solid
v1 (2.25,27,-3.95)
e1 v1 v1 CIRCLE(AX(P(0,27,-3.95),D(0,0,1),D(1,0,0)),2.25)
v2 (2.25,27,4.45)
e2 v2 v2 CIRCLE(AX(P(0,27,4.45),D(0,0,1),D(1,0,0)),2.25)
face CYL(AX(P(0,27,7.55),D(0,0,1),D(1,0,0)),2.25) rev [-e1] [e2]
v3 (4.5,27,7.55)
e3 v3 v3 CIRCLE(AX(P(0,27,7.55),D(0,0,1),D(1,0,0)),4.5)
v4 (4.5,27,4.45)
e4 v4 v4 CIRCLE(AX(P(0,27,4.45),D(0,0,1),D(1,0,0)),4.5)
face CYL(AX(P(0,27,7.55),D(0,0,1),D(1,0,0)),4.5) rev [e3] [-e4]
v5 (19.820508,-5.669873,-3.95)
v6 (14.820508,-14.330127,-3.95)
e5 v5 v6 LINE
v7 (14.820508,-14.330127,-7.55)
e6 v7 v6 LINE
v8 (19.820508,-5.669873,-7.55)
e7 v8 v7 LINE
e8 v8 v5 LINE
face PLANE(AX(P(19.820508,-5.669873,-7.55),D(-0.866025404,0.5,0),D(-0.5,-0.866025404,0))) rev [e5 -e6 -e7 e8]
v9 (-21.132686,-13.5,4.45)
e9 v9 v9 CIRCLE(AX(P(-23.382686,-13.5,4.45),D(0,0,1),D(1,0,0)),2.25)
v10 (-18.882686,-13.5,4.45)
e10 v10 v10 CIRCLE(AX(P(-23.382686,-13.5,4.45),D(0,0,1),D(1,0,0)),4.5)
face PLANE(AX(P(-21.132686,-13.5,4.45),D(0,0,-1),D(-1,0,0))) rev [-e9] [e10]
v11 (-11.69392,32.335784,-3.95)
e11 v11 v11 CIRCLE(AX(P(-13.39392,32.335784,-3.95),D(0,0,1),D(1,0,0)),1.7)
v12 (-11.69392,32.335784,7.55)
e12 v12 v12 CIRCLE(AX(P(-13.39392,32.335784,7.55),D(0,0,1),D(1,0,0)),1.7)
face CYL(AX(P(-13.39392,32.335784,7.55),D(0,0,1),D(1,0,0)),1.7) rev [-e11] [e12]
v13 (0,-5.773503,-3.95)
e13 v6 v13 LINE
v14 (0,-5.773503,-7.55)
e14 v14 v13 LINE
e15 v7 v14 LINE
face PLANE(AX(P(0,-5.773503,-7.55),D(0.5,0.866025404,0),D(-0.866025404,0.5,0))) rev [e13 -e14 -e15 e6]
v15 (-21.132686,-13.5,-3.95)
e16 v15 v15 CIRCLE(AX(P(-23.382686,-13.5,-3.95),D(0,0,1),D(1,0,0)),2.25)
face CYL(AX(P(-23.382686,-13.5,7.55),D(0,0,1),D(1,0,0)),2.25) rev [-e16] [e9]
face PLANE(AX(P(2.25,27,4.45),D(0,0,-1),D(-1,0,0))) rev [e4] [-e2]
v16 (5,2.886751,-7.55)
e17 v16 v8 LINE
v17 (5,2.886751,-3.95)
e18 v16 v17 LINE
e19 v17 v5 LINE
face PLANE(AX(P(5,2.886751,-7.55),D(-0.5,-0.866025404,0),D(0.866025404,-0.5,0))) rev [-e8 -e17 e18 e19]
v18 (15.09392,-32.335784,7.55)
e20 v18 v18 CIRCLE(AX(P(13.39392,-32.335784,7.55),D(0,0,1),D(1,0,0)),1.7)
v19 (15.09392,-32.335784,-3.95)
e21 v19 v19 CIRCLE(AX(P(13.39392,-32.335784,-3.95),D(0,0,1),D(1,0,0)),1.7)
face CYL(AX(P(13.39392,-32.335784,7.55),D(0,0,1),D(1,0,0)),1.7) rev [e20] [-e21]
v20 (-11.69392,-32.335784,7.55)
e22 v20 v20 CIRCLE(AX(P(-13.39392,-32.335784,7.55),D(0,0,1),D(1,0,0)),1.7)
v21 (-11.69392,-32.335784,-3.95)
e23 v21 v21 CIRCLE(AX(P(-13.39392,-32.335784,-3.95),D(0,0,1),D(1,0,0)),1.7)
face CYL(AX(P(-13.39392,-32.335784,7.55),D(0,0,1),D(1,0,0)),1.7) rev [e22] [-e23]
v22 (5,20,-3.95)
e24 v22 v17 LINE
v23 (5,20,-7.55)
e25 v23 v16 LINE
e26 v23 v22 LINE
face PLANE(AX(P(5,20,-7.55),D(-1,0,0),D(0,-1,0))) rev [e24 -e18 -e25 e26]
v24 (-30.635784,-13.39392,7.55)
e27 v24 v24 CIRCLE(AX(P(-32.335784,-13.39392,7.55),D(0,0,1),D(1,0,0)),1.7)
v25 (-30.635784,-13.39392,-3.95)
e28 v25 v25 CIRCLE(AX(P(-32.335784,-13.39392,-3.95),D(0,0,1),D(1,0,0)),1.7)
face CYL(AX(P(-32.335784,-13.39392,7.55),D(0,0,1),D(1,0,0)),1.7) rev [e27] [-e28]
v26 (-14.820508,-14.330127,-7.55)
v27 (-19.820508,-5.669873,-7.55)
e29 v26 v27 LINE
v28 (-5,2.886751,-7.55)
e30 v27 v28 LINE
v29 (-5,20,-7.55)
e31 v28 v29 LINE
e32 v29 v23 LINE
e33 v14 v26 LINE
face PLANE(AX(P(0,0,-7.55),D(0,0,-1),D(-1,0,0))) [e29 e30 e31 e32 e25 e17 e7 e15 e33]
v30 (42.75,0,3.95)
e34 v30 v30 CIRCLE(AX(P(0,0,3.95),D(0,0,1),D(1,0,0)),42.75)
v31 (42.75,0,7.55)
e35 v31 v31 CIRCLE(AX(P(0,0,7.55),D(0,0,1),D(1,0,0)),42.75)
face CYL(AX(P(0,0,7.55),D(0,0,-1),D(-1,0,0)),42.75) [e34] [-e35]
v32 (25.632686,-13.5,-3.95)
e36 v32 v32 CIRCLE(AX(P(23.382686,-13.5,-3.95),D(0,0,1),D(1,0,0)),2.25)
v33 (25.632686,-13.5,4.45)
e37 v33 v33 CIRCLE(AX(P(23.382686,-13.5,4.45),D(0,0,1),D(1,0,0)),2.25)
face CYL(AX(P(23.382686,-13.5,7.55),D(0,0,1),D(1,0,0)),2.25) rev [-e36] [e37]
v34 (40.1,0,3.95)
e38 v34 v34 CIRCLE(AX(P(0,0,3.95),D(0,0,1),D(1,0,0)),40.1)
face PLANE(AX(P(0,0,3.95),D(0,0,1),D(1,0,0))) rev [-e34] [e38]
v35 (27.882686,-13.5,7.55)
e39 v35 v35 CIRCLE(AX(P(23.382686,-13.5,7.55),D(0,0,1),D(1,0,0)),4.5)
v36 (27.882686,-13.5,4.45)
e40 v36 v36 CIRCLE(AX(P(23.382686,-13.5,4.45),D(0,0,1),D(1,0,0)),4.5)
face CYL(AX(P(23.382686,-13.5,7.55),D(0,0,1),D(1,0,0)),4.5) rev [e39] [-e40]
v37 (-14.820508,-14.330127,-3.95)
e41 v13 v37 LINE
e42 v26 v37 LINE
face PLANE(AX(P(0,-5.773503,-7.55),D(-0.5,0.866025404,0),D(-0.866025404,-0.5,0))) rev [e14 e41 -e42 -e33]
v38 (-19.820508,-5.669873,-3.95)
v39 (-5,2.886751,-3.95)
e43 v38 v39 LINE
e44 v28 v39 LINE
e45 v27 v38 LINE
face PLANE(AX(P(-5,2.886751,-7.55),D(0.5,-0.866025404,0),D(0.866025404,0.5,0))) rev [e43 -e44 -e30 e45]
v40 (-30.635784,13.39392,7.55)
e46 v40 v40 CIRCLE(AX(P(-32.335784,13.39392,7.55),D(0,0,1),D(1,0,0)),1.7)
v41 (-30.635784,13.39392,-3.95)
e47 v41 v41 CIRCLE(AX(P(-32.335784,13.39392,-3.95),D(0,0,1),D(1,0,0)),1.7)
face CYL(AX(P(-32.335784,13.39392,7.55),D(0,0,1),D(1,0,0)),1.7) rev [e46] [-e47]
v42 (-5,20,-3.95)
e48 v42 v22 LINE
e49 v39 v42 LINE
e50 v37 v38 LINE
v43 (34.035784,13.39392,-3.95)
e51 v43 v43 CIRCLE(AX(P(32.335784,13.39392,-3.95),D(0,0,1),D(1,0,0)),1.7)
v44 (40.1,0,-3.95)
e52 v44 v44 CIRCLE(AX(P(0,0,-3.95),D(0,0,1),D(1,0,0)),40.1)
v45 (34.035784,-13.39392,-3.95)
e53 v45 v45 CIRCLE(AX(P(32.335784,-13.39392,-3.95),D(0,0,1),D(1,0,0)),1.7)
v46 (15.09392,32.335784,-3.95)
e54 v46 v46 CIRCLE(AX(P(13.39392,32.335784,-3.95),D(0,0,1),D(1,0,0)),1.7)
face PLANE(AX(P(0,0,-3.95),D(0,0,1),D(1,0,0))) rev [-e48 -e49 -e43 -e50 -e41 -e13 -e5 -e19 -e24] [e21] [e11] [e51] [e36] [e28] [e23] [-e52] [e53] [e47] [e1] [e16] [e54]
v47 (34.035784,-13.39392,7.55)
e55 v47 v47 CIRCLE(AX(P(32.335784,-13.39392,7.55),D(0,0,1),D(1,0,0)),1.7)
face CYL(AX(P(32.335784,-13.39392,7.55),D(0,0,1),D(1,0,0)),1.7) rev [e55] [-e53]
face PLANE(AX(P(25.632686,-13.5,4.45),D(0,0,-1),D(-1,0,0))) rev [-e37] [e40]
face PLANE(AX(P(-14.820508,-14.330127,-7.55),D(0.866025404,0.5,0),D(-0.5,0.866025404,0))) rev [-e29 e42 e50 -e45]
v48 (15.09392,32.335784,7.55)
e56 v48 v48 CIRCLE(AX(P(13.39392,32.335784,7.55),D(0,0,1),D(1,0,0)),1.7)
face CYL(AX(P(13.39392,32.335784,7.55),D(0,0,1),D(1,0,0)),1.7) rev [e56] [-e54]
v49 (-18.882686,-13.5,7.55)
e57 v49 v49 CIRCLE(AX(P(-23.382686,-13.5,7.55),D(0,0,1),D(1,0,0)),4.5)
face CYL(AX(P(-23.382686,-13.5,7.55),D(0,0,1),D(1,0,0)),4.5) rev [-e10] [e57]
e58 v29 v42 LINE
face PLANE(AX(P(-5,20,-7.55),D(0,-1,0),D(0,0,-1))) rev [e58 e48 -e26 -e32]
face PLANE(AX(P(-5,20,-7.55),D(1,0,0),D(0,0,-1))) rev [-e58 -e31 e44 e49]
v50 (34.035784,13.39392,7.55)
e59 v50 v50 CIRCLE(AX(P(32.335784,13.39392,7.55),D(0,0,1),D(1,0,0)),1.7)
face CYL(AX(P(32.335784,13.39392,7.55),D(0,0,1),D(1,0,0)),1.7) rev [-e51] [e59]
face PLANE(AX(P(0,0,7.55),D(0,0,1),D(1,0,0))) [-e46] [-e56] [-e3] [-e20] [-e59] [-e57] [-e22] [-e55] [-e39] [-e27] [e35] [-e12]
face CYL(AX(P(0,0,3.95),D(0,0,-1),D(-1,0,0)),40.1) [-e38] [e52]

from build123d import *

# Parameters (mm, degrees)
CROQUIS1_R                                           = 40.1
SALIENTE_EXTRUIR1_DEPTH                              = 3.95
CROQUIS2_R                                           = 42.75
SALIENTE_EXTRUIR2_DEPTH                              = 3.6
REFRENTADO_PARA_TORNILLO_CON_CABEZA_TRON_D           = 4.5
REFRENTADO_PARA_TORNILLO_CON_CABEZA_TRON_CBORE_D     = 9
REFRENTADO_PARA_TORNILLO_CON_CABEZA_TRON_CBORE_DEPTH = 3.1
SALIENTE_EXTRUIR3_DEPTH                              = 3.6
TALADRO_DE_MARGEN_PARA_M32_D                         = 3.4


with BuildPart() as part:
    # Croquis1 → Saliente-Extruir1 (new, symmetric)
    with BuildSketch(Plane.XY):
        Circle(CROQUIS1_R)
    extrude(amount=SALIENTE_EXTRUIR1_DEPTH, both=True)

    # Croquis2 → Saliente-Extruir2 (add)
    with BuildSketch(Plane.XY.offset(3.95)):
        Circle(CROQUIS2_R)
    extrude(amount=SALIENTE_EXTRUIR2_DEPTH)

    # Refrentado para tornillo con cabeza troncocónica de M41 (through all)
    with Locations(Plane.XY.offset(7.55)):
        with Locations((0, 27), (23.382685902, -13.5), (-23.382685902, -13.5)):
            CounterBoreHole(REFRENTADO_PARA_TORNILLO_CON_CABEZA_TRON_D / 2, REFRENTADO_PARA_TORNILLO_CON_CABEZA_TRON_CBORE_D / 2, REFRENTADO_PARA_TORNILLO_CON_CABEZA_TRON_CBORE_DEPTH)

    # Croquis6 → Saliente-Extruir3 (add)
    with BuildSketch(Plane(origin=(0, 0, -3.95), x_dir=(-1, 0, 0), z_dir=(0, 0, -1))):
        Polygon((5, 20), (5, 2.886751346), (19.820508076, -5.669872981), (14.820508076, -14.330127019), (0, -5.773502692), (-14.820508076, -14.330127019), (-19.820508076, -5.669872981), (-5, 2.886751346), (-5, 20), align=None)
    extrude(amount=SALIENTE_EXTRUIR3_DEPTH)

    # Taladro de margen para M32 (through all)
    with Locations(Plane.XY.offset(7.55)):
        with Locations((13.393920133, 32.335783638), (32.335783638, 13.393920133), (32.335783638, -13.393920133), (13.393920133, -32.335783638), (-13.393920133, -32.335783638), (-32.335783638, -13.393920133), (-32.335783638, 13.393920133), (-13.393920133, 32.335783638)):
            Hole(TALADRO_DE_MARGEN_PARA_M32_D / 2)


solid = part.part
